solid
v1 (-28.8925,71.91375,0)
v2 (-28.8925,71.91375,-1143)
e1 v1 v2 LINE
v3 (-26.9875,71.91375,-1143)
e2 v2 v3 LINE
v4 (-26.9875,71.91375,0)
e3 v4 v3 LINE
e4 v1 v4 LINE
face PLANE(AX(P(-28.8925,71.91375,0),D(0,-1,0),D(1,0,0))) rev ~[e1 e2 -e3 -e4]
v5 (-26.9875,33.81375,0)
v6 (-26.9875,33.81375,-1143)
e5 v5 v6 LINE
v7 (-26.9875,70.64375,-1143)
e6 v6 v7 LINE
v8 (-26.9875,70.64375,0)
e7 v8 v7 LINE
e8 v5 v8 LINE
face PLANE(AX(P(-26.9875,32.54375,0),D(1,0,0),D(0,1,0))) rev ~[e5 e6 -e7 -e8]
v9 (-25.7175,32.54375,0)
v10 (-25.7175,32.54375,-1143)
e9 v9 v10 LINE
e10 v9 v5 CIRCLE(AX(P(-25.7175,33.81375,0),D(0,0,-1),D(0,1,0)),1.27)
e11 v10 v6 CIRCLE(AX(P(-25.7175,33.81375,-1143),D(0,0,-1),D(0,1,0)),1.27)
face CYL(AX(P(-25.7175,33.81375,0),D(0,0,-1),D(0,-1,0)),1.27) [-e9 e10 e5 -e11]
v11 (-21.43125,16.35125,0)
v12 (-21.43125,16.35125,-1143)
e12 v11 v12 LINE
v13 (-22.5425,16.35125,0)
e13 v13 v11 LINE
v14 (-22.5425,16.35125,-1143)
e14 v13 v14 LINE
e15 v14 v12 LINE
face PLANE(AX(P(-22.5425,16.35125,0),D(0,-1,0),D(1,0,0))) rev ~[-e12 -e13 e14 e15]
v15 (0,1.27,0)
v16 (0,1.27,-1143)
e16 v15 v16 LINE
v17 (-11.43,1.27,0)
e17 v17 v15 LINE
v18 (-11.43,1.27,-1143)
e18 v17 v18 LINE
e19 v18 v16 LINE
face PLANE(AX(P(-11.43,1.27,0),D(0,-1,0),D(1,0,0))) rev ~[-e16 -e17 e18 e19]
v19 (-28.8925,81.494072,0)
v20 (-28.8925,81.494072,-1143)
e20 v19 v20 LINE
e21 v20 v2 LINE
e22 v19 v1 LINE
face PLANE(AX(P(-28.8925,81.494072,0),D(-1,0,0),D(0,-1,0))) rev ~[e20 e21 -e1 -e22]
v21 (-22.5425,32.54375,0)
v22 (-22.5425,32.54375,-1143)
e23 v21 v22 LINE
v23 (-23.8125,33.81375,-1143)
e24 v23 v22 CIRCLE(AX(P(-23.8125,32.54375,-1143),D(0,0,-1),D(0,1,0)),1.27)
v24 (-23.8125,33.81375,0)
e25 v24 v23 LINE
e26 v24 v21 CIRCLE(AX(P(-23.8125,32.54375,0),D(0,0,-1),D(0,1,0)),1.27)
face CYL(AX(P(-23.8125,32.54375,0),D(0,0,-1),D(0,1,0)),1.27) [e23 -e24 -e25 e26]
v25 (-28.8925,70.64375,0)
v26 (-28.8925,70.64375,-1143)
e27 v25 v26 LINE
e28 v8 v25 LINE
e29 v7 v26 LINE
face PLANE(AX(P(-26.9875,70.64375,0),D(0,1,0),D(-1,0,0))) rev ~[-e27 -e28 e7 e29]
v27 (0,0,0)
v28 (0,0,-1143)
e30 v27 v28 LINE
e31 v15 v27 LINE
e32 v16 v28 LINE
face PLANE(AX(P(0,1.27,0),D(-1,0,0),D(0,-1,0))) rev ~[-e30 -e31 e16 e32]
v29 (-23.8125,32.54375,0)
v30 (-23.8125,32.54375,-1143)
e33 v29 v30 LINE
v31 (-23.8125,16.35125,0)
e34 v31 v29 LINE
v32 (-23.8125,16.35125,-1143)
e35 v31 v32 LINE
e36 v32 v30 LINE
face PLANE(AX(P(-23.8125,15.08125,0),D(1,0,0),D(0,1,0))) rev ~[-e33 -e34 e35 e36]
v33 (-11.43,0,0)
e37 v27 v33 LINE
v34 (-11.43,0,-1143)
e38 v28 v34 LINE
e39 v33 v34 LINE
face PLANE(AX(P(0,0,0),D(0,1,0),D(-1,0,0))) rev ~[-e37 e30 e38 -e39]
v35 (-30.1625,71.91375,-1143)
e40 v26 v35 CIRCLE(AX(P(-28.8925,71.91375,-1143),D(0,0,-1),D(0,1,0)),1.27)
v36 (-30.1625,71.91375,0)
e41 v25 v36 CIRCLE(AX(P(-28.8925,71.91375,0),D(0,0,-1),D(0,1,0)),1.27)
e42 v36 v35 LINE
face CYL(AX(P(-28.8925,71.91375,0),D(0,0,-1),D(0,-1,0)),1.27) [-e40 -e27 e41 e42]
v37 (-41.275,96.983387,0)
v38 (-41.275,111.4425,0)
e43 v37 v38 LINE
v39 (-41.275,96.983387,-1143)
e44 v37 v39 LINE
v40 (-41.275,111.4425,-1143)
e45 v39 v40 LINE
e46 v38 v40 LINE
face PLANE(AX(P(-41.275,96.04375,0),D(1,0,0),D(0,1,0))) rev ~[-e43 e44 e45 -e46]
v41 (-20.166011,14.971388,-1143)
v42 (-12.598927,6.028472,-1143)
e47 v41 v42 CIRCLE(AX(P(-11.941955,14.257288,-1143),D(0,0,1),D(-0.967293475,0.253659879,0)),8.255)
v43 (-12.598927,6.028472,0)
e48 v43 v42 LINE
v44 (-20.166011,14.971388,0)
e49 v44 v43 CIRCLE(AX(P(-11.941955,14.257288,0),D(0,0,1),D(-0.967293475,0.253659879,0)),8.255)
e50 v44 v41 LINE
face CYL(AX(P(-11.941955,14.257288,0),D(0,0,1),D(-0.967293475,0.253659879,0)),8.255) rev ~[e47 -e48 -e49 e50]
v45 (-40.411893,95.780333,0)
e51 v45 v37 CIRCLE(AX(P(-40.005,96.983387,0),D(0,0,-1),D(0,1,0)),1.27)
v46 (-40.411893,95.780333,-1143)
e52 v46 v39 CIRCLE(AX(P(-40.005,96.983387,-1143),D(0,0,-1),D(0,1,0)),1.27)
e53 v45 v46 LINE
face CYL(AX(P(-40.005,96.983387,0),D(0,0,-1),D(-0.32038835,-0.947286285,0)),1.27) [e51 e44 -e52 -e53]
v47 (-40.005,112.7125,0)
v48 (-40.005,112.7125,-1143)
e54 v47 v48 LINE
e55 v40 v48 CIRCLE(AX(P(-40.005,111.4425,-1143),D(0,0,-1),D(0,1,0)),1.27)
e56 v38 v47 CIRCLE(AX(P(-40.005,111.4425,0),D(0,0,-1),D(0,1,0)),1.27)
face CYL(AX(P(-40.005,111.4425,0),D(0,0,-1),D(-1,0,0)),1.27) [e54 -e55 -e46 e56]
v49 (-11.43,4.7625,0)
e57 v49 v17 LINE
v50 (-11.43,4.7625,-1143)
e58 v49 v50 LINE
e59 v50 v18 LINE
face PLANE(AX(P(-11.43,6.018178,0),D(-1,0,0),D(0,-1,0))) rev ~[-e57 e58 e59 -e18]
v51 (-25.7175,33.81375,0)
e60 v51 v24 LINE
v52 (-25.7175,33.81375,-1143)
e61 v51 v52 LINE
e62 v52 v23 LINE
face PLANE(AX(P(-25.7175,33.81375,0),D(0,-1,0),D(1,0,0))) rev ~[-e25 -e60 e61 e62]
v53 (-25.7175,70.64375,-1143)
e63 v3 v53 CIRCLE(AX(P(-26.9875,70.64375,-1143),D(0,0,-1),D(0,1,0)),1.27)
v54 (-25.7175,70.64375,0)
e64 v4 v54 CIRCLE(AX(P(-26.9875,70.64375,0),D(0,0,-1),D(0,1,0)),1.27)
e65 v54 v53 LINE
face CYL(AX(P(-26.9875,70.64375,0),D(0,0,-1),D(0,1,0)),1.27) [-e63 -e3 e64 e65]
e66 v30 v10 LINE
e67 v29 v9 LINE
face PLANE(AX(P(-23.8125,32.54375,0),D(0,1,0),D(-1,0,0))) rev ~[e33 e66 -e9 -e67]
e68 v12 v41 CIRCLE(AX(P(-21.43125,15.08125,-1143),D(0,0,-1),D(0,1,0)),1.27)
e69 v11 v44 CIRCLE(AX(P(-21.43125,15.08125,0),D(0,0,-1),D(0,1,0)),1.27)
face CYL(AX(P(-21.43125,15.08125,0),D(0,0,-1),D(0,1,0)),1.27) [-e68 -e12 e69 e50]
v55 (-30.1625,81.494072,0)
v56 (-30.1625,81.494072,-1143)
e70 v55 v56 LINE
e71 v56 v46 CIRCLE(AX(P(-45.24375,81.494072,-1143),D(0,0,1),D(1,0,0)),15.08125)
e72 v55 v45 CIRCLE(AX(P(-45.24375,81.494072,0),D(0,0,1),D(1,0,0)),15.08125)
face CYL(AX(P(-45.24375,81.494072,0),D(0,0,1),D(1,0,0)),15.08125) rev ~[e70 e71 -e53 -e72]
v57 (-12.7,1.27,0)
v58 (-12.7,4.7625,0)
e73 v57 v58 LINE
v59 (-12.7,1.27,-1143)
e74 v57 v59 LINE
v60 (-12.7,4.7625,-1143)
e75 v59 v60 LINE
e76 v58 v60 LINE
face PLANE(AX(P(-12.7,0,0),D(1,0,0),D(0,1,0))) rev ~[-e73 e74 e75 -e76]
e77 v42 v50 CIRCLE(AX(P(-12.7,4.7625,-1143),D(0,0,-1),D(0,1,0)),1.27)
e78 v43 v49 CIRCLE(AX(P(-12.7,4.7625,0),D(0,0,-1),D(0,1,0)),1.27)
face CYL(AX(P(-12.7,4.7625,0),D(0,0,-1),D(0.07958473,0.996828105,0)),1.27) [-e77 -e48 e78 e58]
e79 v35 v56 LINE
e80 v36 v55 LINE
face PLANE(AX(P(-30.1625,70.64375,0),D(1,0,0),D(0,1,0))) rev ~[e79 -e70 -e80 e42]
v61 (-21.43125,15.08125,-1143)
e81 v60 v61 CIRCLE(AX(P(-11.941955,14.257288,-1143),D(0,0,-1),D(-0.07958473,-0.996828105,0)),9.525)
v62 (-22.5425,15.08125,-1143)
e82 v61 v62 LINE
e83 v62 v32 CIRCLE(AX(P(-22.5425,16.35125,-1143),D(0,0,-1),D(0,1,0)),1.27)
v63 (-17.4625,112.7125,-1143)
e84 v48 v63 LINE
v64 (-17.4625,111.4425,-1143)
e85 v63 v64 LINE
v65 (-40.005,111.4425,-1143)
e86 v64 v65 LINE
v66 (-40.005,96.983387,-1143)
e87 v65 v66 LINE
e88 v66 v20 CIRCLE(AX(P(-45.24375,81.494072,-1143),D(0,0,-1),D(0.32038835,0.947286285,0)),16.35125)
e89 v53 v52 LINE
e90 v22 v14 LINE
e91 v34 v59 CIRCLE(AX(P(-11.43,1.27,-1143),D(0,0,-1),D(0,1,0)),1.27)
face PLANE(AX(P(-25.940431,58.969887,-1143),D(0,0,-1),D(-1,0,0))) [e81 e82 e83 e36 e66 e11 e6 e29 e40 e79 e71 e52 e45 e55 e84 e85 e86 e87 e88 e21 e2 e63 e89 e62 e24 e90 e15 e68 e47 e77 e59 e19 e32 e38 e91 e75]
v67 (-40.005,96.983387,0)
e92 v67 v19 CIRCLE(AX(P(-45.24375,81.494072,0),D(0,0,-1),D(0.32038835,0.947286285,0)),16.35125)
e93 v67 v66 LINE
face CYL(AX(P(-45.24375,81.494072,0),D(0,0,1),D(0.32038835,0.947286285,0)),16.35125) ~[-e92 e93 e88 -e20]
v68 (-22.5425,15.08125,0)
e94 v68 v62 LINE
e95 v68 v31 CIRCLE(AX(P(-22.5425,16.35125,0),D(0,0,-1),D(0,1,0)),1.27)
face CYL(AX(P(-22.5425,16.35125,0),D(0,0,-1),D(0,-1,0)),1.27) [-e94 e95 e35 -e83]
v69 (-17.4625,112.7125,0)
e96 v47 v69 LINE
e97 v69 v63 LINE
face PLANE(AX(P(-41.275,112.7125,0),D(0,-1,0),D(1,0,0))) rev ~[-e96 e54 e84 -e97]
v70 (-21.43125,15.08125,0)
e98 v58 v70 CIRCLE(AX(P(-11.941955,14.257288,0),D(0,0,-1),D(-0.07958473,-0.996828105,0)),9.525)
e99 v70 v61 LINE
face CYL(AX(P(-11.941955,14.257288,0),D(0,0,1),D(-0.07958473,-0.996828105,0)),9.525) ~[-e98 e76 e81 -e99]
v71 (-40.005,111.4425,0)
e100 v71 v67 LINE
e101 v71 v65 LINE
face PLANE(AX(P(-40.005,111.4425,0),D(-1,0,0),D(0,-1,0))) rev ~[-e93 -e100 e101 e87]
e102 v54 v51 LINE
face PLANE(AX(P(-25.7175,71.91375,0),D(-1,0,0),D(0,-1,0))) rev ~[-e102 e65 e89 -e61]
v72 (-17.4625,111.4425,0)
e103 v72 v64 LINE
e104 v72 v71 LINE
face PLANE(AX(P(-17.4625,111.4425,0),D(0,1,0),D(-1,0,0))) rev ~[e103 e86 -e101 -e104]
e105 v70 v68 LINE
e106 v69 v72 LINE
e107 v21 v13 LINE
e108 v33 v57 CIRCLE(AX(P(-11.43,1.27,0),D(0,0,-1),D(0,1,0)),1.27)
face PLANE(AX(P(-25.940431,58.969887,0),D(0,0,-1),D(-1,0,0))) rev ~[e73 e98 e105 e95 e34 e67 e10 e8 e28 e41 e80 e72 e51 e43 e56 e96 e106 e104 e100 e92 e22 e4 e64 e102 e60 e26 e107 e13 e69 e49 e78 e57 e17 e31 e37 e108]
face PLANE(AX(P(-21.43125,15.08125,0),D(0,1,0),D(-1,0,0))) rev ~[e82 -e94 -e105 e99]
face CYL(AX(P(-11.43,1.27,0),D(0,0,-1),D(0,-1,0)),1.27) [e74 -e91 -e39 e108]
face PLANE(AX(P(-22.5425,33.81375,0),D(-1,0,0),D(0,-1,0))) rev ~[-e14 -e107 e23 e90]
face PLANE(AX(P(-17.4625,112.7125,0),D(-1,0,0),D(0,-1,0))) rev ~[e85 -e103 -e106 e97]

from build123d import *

# Parameters (mm, degrees)
EXTRUDE_THIN1_DEPTH = 1143
FILLET1_R           = 1.27


with BuildPart() as part:
    # Sketch1 → Extrude-Thin1 (new body)
    with BuildSketch(Plane.XY):
        with BuildLine():
            Line((0, 0), (-12.7, 0))
            Line((-12.7, 0), (-12.7, 4.7625))
            ThreePointArc((-12.7, 4.7625), (-19.213209814, 8.104687849), (-21.43125, 15.08125))
            Line((-21.43125, 15.08125), (-23.8125, 15.08125))
            Line((-23.8125, 15.08125), (-23.8125, 32.54375))
            Line((-23.8125, 32.54375), (-26.9875, 32.54375))
            Line((-26.9875, 32.54375), (-26.9875, 70.64375))
            Line((-26.9875, 70.64375), (-30.1625, 70.64375))
            Line((-30.1625, 70.64375), (-30.1625, 81.494072169))
            ThreePointArc((-30.1625, 81.494072169), (-33.258387834, 90.648043728), (-41.275, 96.04375))
            Line((-41.275, 96.04375), (-41.275, 112.7125))
            Line((-41.275, 112.7125), (-17.4625, 112.7125))
            Line((-17.4625, 112.7125), (-17.4625, 111.4425))
            Line((-17.4625, 111.4425), (-40.005, 111.4425))
            Line((-40.005, 111.4425), (-40.005, 96.983387034))
            ThreePointArc((-40.005, 96.983387034), (-31.95797777, 91.025684457), (-28.8925, 81.494072169))
            Line((-28.8925, 81.494072169), (-28.8925, 71.91375))
            Line((-28.8925, 71.91375), (-25.7175, 71.91375))
            Line((-25.7175, 71.91375), (-25.7175, 33.81375))
            Line((-25.7175, 33.81375), (-22.5425, 33.81375))
            Line((-22.5425, 33.81375), (-22.5425, 16.35125))
            Line((-22.5425, 16.35125), (-19.926963078, 16.35125))
            ThreePointArc((-19.926963078, 16.35125), (-18.318060907, 9.014168003), (-11.43, 6.018178122))
            Line((-11.43, 6.018178122), (-11.43, 1.27))
            Line((-11.43, 1.27), (0, 1.27))
            Line((0, 1.27), (0, 0))
        make_face()
    extrude(amount=-EXTRUDE_THIN1_DEPTH)

    # Fillet1
    fillet1_edges = [part.edges().sort_by_distance(p)[0] for p in [
        (-25.7175, 71.91375, -571.5),
        (-22.5425, 33.81375, -571.5),
        (-19.926963078, 16.35125, -571.5),
        (-11.43, 6.018178122, -571.5),
        (-12.7, 0, -571.5),
        (-23.8125, 15.08125, -571.5),
        (-26.9875, 32.54375, -571.5),
        (-30.1625, 70.64375, -571.5),
        (-41.275, 96.04375, -571.5),
        (-41.275, 112.7125, -571.5),
    ]]
    fillet(fillet1_edges, radius=FILLET1_R)


solid = part.part
